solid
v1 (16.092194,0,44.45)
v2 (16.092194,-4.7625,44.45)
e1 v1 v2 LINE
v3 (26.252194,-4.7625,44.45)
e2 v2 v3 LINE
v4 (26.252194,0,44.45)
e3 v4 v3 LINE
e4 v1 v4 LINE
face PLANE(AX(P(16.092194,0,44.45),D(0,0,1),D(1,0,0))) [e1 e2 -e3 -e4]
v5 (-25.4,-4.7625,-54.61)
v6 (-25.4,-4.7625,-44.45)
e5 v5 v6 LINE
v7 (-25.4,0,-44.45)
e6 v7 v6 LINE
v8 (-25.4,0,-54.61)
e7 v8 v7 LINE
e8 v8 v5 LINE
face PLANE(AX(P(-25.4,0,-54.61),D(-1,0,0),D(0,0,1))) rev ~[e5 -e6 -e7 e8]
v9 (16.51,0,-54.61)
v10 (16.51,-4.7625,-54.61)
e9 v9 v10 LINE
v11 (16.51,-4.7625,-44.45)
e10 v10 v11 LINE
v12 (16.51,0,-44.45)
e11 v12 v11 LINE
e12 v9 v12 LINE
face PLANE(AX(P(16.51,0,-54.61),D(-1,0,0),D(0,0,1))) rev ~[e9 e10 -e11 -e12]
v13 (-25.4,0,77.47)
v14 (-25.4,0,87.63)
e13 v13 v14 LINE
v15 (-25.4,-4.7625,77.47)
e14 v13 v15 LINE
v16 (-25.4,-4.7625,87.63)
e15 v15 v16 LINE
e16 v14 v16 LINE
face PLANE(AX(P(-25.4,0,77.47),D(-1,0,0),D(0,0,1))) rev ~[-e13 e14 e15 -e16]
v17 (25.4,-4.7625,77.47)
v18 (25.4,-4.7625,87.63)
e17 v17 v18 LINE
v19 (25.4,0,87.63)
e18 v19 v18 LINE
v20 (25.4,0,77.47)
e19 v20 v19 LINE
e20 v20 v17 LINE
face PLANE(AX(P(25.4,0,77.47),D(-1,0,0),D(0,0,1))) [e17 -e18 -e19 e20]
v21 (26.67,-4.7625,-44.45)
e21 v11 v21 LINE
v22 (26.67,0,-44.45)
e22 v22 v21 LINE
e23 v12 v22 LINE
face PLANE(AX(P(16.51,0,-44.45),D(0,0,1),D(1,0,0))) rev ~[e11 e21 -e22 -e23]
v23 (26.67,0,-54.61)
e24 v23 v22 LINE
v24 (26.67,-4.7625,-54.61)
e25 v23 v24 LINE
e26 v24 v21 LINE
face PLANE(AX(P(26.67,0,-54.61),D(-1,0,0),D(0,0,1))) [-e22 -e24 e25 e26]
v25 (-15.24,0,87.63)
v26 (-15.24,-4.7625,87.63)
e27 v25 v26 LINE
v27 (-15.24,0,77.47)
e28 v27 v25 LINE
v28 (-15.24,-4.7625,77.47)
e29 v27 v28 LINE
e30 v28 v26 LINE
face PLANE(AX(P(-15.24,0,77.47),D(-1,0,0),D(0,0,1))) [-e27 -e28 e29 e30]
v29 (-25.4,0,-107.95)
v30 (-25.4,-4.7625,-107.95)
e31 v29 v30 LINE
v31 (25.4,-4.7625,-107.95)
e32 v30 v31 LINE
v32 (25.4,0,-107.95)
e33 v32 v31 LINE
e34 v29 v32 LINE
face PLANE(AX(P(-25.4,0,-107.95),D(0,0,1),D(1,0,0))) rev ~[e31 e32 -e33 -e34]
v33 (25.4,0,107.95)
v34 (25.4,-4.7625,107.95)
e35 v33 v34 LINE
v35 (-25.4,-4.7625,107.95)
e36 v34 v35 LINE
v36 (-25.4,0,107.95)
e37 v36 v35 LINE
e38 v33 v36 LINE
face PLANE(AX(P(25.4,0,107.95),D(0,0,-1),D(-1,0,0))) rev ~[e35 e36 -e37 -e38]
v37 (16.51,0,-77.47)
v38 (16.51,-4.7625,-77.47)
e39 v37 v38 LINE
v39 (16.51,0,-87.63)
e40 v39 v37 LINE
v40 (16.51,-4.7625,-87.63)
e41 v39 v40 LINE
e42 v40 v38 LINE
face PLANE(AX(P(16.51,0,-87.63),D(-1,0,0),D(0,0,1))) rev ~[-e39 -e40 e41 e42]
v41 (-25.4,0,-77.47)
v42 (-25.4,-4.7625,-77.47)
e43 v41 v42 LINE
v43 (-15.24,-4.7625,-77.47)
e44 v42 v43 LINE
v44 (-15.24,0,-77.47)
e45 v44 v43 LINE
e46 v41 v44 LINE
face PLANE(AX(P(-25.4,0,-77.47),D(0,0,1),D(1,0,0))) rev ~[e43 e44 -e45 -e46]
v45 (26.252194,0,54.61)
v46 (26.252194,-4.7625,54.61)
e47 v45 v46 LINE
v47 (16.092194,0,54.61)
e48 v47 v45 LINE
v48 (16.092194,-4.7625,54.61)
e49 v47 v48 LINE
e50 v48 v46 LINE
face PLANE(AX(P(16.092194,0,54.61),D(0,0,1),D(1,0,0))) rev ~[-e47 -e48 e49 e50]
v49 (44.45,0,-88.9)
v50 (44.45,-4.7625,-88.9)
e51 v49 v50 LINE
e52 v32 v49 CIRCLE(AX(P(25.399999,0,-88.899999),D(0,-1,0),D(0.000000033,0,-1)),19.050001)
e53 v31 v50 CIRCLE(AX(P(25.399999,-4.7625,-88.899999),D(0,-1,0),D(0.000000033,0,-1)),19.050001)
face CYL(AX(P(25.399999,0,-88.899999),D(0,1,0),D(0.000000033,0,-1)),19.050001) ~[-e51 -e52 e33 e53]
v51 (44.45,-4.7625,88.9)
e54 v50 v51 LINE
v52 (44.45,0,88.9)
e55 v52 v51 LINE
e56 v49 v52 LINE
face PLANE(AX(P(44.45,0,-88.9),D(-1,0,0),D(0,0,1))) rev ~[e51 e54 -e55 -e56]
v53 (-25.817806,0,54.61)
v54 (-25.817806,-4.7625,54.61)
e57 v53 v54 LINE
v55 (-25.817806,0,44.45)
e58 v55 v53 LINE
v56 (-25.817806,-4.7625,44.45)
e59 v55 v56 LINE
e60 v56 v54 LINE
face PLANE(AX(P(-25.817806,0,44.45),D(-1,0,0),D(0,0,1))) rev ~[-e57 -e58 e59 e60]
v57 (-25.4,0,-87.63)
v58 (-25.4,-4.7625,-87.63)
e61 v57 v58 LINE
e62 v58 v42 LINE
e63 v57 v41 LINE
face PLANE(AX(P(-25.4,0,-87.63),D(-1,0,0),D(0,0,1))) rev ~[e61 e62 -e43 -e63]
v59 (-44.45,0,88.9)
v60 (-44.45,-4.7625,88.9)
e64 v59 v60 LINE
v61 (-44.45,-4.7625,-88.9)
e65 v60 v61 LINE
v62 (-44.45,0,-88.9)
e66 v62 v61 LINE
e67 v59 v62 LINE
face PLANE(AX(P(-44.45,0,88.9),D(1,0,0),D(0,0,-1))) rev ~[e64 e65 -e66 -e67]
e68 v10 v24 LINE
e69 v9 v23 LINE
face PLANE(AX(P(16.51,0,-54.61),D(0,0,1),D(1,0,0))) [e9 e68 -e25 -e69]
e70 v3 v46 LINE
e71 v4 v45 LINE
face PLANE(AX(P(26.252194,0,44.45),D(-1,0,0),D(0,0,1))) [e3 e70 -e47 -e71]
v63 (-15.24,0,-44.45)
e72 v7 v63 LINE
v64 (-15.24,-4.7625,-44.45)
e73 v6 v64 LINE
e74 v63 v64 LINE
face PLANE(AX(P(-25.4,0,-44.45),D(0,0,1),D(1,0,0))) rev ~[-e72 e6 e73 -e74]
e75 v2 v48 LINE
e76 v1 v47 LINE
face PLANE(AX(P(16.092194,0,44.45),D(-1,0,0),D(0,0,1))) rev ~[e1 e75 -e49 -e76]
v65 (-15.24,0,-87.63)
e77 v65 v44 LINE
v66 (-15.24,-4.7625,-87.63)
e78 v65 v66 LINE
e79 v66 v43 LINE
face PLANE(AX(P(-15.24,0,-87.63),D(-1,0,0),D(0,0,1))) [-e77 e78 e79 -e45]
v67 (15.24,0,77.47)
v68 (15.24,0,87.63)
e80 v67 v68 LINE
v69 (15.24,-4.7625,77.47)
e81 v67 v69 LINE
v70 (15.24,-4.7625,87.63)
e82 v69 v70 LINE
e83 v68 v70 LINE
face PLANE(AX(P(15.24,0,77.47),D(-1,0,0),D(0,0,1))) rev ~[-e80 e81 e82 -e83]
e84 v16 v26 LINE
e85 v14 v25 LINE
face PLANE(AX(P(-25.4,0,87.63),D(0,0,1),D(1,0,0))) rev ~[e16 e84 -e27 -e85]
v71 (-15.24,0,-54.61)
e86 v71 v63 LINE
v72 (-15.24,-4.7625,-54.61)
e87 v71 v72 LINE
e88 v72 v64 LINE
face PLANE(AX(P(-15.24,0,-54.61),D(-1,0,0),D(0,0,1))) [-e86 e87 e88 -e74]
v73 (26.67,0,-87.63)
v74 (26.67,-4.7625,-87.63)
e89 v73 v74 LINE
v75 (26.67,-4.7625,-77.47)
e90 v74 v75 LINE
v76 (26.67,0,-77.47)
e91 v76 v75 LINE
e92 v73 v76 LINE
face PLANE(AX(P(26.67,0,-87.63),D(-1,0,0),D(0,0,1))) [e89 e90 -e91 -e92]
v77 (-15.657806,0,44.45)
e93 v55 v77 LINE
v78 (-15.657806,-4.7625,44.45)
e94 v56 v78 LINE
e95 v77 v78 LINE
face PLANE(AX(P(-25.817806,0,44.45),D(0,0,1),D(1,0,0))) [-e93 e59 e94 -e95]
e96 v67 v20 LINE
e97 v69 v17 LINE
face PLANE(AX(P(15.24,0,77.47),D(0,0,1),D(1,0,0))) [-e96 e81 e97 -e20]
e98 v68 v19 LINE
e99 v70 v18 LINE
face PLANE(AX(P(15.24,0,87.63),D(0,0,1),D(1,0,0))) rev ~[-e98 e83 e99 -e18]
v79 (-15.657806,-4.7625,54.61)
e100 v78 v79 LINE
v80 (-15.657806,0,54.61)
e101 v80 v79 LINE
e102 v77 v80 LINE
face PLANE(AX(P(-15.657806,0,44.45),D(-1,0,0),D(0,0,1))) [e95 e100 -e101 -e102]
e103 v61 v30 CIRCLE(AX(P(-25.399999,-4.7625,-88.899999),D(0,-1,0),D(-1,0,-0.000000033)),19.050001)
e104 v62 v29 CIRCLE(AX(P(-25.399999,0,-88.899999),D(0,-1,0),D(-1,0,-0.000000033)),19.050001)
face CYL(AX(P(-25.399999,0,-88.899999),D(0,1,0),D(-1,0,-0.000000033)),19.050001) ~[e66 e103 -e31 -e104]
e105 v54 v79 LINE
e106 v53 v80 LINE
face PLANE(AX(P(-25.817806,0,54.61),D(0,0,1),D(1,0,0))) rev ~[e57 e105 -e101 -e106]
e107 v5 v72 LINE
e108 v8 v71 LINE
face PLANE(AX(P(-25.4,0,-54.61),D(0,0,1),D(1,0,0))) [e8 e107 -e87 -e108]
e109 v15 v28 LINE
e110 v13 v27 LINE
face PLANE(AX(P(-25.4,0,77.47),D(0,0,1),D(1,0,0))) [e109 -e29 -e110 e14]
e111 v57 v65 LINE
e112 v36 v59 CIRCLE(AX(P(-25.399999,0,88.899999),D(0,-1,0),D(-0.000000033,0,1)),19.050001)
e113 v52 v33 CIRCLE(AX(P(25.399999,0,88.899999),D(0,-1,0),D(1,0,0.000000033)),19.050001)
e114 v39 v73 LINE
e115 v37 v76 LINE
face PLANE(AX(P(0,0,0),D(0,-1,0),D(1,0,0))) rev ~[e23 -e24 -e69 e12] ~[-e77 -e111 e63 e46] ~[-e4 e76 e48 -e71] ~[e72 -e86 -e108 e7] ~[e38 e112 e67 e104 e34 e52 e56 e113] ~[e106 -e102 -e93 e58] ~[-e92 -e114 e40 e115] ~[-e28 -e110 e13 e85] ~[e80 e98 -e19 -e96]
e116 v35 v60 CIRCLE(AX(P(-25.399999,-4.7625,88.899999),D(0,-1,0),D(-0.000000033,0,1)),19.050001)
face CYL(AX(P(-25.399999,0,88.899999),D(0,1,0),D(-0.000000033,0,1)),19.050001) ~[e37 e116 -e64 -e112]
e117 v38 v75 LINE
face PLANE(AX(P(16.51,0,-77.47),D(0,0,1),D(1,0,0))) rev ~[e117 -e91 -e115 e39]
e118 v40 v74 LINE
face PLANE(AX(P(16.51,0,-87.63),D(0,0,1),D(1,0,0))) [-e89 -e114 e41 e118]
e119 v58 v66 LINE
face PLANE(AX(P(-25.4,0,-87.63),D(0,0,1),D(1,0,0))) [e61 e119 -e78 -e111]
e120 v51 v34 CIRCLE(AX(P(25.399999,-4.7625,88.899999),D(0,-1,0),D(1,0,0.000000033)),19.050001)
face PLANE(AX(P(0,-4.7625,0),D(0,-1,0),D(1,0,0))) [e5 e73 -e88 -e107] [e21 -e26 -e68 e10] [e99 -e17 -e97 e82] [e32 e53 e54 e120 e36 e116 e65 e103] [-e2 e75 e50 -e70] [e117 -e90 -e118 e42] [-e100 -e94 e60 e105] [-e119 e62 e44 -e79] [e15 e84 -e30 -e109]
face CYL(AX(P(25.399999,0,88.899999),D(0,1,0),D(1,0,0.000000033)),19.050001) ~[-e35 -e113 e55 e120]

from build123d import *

# Parameters (mm, degrees)
F0_W     = 10.16
F0_H     = 10.16
F1_DEPTH = 4.7625


with BuildPart() as f1:
    # F0 (on Front) → F1 (new body)
    with BuildSketch(Plane.XZ):
        with BuildLine():
            Line((25.4, 107.95), (-25.4, 107.95))
            ThreePointArc((-25.4, 107.95), (-38.870384, 102.370384), (-44.45, 88.9))
            Line((-44.45, 88.9), (-44.45, -88.9))
            ThreePointArc((-44.45, -88.9), (-38.870384, -102.370384), (-25.4, -107.95))
            Line((-25.4, -107.95), (25.4, -107.95))
            ThreePointArc((25.4, -107.95), (38.870384, -102.370384), (44.45, -88.9))
            Line((44.45, -88.9), (44.45, 88.9))
            ThreePointArc((44.45, 88.9), (38.870384, 102.370384), (25.4, 107.95))
        make_face()
        with Locations((-20.32, -82.55)):
            Rectangle(F0_W, F0_H, mode=Mode.SUBTRACT)
        with Locations((-20.32, -49.53)):
            Rectangle(F0_W, F0_H, mode=Mode.SUBTRACT)
        with Locations((21.59, -82.55)):
            Rectangle(F0_W, F0_H, mode=Mode.SUBTRACT)
        with Locations((21.59, -49.53)):
            Rectangle(F0_W, F0_H, mode=Mode.SUBTRACT)
        with Locations((-20.737806, 49.53)):
            Rectangle(F0_W, F0_H, mode=Mode.SUBTRACT)
        with Locations((-20.32, 82.55)):
            Rectangle(F0_W, F0_H, mode=Mode.SUBTRACT)
        with Locations((21.172194, 49.53)):
            Rectangle(F0_W, F0_H, mode=Mode.SUBTRACT)
        with Locations((20.32, 82.55)):
            Rectangle(F0_W, F0_H, mode=Mode.SUBTRACT)
    extrude(amount=F1_DEPTH)


solid = f1.part
